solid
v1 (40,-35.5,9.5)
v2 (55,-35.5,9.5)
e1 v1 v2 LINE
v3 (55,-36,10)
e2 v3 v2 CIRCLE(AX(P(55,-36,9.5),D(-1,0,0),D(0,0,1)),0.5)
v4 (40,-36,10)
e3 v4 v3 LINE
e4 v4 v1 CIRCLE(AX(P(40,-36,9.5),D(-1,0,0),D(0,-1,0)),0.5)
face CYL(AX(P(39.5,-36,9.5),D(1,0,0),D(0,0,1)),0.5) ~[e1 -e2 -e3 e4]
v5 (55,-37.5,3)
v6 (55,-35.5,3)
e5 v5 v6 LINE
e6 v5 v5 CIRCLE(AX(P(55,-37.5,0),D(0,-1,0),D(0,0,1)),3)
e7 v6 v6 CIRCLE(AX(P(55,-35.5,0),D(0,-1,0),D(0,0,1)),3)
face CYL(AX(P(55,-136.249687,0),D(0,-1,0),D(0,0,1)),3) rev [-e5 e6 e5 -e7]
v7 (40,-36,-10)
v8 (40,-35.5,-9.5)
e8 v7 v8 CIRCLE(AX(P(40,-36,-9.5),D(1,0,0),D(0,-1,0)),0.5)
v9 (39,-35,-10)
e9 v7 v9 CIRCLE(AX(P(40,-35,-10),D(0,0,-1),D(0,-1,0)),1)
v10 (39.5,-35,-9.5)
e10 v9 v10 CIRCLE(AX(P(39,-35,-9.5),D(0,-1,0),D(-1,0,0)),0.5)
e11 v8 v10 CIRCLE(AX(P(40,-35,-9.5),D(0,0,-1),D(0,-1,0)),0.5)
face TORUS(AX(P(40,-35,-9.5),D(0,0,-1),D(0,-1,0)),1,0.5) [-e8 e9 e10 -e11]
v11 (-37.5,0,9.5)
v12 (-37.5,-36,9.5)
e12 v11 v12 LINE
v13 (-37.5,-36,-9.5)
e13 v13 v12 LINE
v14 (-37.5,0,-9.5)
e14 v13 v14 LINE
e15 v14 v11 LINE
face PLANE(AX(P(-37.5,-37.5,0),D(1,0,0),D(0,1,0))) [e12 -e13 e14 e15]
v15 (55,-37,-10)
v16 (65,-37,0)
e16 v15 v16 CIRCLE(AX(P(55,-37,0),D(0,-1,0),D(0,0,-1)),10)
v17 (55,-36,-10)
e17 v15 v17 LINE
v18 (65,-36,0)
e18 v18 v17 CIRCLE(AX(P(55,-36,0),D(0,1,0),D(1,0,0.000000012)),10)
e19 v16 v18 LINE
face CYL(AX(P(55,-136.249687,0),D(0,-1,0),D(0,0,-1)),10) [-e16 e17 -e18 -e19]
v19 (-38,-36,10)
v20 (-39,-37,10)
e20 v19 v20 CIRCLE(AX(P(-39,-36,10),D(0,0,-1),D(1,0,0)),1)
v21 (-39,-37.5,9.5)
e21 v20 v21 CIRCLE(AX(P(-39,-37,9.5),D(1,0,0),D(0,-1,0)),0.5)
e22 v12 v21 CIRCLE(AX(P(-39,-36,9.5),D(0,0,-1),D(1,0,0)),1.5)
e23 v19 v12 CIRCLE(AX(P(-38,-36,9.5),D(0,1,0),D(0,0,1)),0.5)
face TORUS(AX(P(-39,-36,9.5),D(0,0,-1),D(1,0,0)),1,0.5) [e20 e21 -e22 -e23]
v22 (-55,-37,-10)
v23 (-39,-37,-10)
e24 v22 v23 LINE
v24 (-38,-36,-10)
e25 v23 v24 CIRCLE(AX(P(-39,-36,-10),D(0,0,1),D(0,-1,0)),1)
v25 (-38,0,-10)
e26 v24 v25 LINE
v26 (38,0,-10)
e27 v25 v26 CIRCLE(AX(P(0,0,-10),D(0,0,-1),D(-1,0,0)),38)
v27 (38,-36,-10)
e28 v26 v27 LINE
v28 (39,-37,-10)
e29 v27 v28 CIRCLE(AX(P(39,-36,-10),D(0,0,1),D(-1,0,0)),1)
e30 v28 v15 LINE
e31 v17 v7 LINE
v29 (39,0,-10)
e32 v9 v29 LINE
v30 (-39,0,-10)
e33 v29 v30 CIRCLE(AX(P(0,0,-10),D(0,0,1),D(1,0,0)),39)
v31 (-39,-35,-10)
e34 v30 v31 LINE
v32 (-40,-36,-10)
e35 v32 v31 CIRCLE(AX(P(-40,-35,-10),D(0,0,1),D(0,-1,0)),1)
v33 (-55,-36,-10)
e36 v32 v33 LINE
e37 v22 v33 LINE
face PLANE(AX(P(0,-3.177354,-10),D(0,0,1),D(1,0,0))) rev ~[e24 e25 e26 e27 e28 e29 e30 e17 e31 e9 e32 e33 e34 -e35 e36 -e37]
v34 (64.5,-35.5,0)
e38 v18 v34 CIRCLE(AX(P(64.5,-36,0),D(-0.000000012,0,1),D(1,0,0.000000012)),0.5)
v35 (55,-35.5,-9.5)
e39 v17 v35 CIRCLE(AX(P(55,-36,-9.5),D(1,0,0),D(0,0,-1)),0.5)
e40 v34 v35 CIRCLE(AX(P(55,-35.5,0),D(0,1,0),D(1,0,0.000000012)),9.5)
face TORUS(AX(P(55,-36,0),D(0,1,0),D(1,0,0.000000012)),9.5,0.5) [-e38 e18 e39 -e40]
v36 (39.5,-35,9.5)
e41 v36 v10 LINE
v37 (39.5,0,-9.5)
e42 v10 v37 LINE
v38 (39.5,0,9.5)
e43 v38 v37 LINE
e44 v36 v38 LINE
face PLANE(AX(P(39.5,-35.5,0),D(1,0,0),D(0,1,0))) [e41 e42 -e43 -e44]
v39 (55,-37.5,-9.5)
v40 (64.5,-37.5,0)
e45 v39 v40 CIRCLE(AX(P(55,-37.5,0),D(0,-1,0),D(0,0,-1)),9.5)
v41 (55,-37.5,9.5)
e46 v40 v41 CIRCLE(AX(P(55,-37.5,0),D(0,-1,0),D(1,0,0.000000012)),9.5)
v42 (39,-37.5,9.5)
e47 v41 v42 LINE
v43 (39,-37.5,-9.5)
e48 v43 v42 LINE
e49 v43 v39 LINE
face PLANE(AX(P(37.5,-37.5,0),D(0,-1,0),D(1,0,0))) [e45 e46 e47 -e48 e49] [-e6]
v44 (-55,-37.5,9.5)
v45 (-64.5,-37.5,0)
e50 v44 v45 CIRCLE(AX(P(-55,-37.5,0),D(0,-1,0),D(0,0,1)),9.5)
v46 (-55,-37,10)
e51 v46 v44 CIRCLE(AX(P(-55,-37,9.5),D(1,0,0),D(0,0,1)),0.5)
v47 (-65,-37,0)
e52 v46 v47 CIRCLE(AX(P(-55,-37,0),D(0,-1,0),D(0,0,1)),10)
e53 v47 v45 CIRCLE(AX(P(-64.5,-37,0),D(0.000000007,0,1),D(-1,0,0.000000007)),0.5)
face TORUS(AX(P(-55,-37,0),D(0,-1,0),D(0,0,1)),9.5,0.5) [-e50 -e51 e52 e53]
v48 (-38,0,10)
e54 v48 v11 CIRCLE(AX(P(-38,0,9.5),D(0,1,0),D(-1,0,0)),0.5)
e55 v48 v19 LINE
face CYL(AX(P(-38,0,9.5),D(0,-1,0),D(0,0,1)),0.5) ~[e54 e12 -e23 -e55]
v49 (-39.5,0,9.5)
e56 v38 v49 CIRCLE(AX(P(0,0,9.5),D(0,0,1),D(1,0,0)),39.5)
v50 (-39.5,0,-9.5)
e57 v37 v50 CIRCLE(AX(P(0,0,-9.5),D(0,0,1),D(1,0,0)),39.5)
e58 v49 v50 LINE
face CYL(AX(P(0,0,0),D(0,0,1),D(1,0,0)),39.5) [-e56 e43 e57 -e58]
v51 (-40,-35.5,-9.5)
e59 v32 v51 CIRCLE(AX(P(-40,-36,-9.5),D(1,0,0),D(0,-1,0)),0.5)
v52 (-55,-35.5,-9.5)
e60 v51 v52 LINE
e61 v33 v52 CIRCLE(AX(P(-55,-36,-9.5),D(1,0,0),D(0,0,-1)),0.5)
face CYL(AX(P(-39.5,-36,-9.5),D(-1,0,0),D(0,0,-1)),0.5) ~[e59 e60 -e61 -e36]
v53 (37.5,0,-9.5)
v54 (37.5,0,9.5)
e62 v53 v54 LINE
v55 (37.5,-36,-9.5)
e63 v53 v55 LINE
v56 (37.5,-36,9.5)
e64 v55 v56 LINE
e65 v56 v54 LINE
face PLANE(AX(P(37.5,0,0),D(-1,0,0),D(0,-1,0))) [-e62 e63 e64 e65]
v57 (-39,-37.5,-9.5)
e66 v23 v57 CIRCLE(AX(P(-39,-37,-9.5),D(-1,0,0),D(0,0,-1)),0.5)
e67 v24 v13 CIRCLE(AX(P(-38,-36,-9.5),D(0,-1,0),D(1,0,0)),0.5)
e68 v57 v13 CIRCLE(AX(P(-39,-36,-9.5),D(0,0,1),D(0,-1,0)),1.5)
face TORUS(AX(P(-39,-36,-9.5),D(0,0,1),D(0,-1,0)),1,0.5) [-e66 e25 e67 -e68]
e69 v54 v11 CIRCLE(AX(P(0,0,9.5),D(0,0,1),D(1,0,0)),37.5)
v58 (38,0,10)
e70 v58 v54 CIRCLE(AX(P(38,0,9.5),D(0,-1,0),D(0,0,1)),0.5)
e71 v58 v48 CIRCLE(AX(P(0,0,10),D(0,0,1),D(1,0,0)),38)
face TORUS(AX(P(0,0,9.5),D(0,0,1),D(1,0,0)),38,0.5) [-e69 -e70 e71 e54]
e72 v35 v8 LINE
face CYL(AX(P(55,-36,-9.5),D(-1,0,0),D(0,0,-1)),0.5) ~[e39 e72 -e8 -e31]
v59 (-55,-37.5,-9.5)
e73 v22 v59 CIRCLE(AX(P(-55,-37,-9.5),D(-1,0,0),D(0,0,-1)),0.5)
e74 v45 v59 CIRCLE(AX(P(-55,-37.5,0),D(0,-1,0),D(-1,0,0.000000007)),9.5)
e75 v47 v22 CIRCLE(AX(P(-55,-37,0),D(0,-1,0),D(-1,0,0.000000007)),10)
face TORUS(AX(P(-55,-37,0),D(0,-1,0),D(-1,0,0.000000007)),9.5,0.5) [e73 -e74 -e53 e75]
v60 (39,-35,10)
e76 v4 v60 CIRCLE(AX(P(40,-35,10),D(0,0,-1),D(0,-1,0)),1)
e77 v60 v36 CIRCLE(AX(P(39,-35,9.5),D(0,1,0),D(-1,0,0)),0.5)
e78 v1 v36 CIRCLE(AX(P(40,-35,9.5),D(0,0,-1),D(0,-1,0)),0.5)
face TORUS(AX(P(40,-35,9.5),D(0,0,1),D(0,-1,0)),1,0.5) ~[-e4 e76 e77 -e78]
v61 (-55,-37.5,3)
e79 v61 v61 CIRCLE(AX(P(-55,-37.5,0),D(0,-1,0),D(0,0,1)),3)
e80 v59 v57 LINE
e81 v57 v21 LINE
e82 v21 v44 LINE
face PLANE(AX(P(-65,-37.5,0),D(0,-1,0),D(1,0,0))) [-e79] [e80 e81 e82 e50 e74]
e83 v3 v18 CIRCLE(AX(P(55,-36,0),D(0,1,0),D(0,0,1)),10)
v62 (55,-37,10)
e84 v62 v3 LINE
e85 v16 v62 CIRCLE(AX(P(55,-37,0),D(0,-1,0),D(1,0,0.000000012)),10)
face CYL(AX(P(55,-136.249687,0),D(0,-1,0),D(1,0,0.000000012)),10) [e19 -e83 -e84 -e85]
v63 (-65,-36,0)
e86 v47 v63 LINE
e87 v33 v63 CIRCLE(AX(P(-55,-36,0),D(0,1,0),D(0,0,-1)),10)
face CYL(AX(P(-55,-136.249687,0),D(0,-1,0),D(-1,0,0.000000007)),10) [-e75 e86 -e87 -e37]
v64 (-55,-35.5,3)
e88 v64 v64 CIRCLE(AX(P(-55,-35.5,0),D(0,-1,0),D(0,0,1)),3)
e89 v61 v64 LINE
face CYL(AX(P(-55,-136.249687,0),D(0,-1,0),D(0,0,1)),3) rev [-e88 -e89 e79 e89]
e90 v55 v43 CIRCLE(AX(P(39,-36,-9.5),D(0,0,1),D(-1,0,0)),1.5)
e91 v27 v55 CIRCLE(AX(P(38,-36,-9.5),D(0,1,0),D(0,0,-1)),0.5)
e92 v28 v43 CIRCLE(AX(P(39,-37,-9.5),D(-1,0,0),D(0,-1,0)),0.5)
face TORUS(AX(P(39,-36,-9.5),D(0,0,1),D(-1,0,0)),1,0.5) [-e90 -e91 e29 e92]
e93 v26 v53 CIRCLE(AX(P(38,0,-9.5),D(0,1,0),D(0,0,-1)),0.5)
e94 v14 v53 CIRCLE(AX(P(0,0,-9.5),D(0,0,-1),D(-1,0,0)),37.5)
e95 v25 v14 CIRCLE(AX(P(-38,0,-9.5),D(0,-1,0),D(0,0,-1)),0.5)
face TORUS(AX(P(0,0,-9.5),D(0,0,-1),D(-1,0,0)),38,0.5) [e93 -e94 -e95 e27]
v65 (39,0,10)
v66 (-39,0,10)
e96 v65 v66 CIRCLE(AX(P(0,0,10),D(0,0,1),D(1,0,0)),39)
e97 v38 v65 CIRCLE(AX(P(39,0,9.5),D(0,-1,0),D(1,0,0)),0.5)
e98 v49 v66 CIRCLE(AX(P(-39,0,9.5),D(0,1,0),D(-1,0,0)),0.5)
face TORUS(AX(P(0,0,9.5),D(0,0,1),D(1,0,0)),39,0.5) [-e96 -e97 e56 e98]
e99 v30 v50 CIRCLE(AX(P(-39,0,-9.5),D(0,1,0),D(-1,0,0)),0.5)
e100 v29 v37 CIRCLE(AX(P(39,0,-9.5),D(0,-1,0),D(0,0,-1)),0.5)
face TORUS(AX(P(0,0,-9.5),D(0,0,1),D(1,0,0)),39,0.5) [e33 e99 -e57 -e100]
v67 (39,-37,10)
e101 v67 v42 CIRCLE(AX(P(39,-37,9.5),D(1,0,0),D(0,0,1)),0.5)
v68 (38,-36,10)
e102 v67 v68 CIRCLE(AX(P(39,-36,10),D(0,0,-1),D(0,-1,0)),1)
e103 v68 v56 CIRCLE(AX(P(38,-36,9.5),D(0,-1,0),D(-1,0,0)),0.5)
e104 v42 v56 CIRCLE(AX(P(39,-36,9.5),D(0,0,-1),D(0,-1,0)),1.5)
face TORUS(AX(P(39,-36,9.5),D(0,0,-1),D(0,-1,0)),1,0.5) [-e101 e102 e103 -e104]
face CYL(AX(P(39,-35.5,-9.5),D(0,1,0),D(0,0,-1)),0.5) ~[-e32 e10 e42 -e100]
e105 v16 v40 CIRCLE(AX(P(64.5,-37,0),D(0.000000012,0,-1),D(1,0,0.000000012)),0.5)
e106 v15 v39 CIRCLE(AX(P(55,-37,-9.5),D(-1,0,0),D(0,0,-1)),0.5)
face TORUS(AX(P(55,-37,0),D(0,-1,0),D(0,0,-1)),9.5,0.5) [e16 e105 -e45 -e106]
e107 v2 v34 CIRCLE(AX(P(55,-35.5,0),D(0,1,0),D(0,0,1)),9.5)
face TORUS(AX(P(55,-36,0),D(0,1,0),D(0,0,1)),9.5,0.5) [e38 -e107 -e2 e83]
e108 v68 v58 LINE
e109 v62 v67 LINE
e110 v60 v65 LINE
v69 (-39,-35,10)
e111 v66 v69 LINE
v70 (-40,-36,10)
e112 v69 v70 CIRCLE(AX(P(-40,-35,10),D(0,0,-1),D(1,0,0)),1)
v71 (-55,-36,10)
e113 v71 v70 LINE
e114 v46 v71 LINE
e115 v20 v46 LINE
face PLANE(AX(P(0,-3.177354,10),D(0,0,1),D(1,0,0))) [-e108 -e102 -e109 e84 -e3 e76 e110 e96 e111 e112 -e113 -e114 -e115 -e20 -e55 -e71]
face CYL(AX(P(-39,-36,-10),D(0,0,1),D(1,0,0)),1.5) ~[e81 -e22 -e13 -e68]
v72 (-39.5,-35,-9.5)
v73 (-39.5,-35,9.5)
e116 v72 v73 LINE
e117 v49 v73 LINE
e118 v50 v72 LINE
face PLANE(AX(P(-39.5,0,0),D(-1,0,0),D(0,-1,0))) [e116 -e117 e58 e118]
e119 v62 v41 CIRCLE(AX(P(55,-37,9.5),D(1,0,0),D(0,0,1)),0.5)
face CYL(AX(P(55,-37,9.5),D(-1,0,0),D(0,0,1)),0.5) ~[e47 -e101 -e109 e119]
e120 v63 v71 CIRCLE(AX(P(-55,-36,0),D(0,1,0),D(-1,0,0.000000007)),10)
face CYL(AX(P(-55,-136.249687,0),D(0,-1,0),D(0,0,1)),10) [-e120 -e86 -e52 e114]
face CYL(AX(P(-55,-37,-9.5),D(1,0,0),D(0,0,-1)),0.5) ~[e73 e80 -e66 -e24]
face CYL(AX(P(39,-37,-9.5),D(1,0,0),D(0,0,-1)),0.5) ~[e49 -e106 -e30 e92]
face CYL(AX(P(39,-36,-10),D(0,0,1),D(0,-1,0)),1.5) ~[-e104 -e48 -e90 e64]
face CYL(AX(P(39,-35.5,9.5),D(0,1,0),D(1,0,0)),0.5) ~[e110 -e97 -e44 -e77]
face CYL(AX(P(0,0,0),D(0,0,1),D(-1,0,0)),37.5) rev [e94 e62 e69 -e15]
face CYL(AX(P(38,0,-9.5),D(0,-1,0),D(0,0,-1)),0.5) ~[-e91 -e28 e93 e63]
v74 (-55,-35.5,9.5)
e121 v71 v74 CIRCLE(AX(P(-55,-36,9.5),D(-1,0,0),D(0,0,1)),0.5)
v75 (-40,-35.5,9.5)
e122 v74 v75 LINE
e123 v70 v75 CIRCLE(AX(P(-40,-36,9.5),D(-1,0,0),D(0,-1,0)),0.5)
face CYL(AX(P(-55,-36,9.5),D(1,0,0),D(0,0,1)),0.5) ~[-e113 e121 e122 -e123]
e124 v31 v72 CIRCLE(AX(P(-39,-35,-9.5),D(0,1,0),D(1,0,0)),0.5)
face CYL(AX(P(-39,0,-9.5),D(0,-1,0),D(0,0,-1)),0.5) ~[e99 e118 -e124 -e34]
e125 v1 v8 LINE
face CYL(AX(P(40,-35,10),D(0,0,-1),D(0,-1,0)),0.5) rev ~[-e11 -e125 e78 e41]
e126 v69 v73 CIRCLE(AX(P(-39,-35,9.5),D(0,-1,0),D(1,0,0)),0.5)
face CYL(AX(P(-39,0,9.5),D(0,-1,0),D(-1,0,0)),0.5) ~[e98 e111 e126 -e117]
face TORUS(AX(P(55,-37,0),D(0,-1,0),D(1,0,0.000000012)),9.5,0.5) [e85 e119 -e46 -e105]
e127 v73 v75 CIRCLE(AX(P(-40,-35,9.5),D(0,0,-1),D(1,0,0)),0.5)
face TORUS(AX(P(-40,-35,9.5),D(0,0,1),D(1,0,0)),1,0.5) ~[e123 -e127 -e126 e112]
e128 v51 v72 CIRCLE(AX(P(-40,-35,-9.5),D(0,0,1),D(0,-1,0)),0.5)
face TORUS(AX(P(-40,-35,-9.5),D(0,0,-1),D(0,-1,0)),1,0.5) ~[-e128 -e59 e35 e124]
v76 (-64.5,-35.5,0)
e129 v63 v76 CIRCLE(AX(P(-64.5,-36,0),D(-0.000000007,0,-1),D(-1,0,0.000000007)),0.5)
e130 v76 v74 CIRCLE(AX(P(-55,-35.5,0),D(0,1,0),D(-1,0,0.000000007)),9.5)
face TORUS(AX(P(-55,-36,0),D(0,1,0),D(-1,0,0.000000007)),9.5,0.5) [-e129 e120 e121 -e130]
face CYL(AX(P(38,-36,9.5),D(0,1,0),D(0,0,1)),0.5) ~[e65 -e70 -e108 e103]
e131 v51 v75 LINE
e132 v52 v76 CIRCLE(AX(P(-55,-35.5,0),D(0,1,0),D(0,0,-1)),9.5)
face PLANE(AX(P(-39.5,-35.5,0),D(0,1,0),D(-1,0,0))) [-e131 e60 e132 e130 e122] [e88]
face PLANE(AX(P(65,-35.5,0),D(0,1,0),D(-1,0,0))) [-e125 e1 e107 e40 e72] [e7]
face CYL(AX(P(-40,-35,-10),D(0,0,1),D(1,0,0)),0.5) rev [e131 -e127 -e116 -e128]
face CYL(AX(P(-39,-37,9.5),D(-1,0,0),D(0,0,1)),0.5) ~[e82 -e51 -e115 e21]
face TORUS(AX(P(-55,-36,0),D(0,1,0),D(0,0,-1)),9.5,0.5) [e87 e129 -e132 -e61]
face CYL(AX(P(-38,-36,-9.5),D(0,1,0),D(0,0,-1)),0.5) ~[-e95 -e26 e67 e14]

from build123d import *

# Parameters (mm, degrees)
BOSS_EXTRUDE1_DEPTH     = 10
CUT_EXTRUDE1_DEPTH      = 100.749686716
CUT_EXTRUDE1_DEPTH_BACK = 100.749686716
SKETCH3_R               = 3
FILLET2_R               = 1.5
FILLET3_R               = 0.5


with BuildPart() as part:
    # Sketch1 → Boss-Extrude1 (new, symmetric)
    with BuildSketch(Plane.XY):
        with BuildLine():
            Line((-39.5, 0), (-39.5, -35.5))
            Line((-39.5, -35.5), (-65, -35.5))
            Line((-65, -35.5), (-65, -37.5))
            Line((-65, -37.5), (-37.5, -37.5))
            Line((-37.5, -37.5), (-37.5, 0))
            ThreePointArc((-37.5, 0), (0, 37.5), (37.5, 0))
            Line((37.5, 0), (37.5, -37.5))
            Line((37.5, -37.5), (65, -37.5))
            Line((65, -37.5), (65, -35.5))
            Line((65, -35.5), (39.5, -35.5))
            Line((39.5, -35.5), (39.5, 0))
            ThreePointArc((39.5, 0), (0, 39.5), (-39.5, 0))
        make_face()
    extrude(amount=BOSS_EXTRUDE1_DEPTH, both=True)

    # Sketch3 → Cut-Extrude1 (cut, two sides: drawn at the far end of the back side and taken through both)
    with BuildSketch(Plane(origin=(0, -35.5, 0), x_dir=(1, 0, 0), z_dir=(0, 1, 0)).offset(-CUT_EXTRUDE1_DEPTH_BACK)):
        with BuildLine():
            Line((65, -10), (65, -1.23e-07))
            ThreePointArc((65, -1.23e-07), (62.071067768, -7.071067855), (55, -10))
            Line((55, -10), (65, -10))
        make_face()
        with BuildLine():
            Line((65, 10), (55, 10))
            ThreePointArc((55, 10), (62.071067855, 7.071067768), (65, -1.23e-07))
            Line((65, -1.23e-07), (65, 10))
        make_face()
        with BuildLine():
            Line((-65, 10), (-65, -7e-08))
            ThreePointArc((-65, -7e-08), (-62.071067837, 7.071067787), (-55, 10))
            Line((-55, 10), (-65, 10))
        make_face()
        with BuildLine():
            Line((-65, -10), (-55, -10))
            ThreePointArc((-55, -10), (-62.071067787, -7.071067837), (-65, -7e-08))
            Line((-65, -7e-08), (-65, -10))
        make_face()
        with Locations(Location((-55, 0, 0), (0, 0, 270))):
            Circle(SKETCH3_R)
        with Locations(Location((55, 0, 0), (0, 0, 270))):
            Circle(SKETCH3_R)
    extrude(amount=CUT_EXTRUDE1_DEPTH + CUT_EXTRUDE1_DEPTH_BACK, mode=Mode.SUBTRACT)

    # Fillet2
    fillet2_edges = [part.edges().sort_by_distance(p)[0] for p in [
        (37.5, -37.5, 0),
        (-37.5, -37.5, 0),
    ]]
    fillet(fillet2_edges, radius=FILLET2_R)

    # Fillet3
    fillet3_edges = [part.edges().sort_by_distance(p)[0] for p in [
        (0, 39.5, 10),
        (37.5, -18, -10),
        (0, 37.5, -10),
        (-47.25, -35.5, -10),
        (-39.5, -17.75, -10),
        (0, 39.5, -10),
        (39.5, -17.75, -10),
        (-39.5, -17.75, 10),
        (-47.25, -35.5, 10),
        (-39.5, -35.5, 0),
        (39.5, -35.5, 0),
        (47.25, -35.5, -10),
        (0, 37.5, 10),
        (-47, -37.5, 10),
        (37.5, -18, 10),
        (65, -37.5, 0),
        (65, -35.5, 0),
        (-65, -35.5, 0),
        (-65, -37.5, 0),
        (-47, -37.5, -10),
        (47.25, -35.5, 10),
        (47, -37.5, 10),
        (47, -37.5, -10),
        (39.5, -17.75, 10),
        (-37.5, -18, -10),
        (-37.939339828, -37.060660172, -10),
        (37.939339828, -37.060660172, -10),
        (-37.5, -18, 10),
        (-37.939339828, -37.060660172, 10),
        (37.939339828, -37.060660172, 10),
    ]]
    fillet(fillet3_edges, radius=FILLET3_R)


solid = part.part
